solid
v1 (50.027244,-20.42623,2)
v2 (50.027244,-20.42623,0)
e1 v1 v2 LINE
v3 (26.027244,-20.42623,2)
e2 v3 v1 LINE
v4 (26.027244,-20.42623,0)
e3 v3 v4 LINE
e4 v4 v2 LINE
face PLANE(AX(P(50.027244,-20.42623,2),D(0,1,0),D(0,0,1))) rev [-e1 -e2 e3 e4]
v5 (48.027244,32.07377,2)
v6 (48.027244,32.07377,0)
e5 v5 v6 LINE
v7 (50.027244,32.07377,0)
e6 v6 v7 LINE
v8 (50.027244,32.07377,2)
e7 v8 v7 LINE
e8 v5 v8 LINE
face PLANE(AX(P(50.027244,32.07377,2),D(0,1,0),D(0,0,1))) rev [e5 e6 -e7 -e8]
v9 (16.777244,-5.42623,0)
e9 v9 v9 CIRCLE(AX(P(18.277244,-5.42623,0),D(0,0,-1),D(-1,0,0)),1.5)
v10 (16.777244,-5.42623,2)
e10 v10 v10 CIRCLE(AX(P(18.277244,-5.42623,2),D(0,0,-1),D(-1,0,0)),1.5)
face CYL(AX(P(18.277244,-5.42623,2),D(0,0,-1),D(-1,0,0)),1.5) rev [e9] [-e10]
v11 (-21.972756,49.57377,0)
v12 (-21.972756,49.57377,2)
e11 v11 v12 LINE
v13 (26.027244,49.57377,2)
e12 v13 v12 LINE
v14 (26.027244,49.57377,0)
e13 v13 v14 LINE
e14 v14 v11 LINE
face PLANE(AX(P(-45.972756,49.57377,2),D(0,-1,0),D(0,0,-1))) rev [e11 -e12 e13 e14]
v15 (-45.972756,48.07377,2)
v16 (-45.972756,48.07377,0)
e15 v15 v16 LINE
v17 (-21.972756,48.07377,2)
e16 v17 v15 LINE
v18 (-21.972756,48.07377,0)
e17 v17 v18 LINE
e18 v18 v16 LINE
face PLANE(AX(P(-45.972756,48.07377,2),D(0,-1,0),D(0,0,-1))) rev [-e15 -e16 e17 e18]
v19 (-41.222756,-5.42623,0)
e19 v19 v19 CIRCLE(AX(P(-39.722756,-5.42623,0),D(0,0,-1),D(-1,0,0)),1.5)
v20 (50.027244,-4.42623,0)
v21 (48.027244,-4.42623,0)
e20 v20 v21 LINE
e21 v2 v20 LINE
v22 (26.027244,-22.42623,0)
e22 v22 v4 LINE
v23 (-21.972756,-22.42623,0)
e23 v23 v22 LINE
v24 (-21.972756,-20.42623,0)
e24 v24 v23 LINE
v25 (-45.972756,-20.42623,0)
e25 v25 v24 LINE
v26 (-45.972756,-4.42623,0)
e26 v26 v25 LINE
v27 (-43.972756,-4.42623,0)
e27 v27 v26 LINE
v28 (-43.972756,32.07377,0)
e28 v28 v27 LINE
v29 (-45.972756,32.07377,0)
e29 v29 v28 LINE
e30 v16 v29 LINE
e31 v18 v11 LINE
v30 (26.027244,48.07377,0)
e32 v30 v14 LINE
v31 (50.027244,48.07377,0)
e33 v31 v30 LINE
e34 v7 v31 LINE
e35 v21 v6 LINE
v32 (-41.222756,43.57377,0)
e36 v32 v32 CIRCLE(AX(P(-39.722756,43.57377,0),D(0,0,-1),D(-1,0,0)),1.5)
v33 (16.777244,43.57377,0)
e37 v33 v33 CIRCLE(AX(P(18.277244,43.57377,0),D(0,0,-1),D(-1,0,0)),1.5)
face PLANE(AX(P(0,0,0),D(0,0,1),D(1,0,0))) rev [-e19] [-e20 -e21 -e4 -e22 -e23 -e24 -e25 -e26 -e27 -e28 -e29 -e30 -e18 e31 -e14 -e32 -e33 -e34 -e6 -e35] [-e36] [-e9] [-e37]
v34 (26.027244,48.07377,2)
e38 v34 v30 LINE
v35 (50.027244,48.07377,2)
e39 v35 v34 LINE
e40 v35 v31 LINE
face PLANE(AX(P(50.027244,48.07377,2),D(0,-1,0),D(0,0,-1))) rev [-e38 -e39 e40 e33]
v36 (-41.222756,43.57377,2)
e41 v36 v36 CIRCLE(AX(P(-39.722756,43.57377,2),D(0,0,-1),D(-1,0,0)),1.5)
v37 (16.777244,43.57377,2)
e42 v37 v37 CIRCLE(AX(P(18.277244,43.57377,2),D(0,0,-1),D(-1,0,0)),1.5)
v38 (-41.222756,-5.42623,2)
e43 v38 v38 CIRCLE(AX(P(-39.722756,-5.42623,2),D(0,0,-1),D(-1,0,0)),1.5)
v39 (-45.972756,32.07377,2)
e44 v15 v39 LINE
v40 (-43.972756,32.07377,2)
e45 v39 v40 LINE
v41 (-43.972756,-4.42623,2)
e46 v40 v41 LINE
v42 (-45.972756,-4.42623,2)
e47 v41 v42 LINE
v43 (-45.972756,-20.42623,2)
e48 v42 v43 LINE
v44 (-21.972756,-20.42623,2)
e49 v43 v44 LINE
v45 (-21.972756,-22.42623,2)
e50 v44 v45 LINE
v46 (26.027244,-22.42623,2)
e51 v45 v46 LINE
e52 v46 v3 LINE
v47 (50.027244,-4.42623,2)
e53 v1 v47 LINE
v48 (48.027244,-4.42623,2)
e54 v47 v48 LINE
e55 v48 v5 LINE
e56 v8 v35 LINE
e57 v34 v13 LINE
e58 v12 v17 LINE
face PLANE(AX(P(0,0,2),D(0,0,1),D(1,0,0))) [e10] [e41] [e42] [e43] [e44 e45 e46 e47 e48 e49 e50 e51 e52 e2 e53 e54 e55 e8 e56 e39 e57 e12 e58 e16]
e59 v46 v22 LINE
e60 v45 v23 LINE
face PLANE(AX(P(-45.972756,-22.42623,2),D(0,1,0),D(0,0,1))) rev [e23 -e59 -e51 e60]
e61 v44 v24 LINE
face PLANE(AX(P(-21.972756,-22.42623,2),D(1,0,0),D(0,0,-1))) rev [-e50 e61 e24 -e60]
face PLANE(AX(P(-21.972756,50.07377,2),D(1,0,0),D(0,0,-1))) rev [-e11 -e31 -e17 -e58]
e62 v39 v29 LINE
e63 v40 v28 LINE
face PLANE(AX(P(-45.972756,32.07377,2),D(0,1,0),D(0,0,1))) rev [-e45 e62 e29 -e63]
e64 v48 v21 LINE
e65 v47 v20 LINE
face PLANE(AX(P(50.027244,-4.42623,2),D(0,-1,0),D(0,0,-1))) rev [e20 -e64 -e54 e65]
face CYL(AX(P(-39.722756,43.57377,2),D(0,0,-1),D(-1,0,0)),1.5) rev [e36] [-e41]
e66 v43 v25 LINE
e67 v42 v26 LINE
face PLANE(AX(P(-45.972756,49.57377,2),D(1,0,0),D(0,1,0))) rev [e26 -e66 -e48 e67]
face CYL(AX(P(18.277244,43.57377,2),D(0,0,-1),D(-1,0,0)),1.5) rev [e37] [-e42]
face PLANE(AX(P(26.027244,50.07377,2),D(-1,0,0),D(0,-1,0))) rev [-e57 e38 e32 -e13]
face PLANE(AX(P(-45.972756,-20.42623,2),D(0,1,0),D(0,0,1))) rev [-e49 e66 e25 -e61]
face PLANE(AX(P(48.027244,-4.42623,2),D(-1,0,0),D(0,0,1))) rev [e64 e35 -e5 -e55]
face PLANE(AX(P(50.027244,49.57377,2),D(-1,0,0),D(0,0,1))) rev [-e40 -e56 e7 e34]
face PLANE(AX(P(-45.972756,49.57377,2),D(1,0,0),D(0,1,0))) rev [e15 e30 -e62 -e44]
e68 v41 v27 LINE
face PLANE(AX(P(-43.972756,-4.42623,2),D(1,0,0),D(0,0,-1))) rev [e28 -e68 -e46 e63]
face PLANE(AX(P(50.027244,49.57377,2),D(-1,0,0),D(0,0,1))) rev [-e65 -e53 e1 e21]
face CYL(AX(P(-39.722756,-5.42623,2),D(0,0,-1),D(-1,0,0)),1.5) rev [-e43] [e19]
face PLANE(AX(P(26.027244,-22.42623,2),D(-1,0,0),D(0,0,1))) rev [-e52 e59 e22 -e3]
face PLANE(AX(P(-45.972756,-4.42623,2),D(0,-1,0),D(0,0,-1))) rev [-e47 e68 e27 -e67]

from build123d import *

# Parameters (mm, degrees)
SKETCH_1_W          = 96
SKETCH_1_H          = 72
EXTRUDE_1_DEPTH     = 2
SKETCH_2_R          = 1.5
CUT_EXTRUDE_1_DEPTH = 3
SKETCH_3_W          = 24
SKETCH_3_H          = 2
CUT_EXTRUDE_2_DEPTH = 3
SKETCH_4_W          = 24
SKETCH_4_H          = 2
CUT_EXTRUDE_3_DEPTH = 3
SKETCH_5_W          = 2
SKETCH_5_H          = 36.5
CUT_EXTRUDE_4_DEPTH = 3
SKETCH_6_W          = 2
SKETCH_6_H          = 36.5
CUT_EXTRUDE_5_DEPTH = 3


with BuildPart() as part:
    # ｽｹｯﾁ1 → ﾎﾞｽ - 押し出し1 (new body)
    with BuildSketch(Plane.XY):
        with Locations((2.027244426, 13.573770492)):
            Rectangle(SKETCH_1_W, SKETCH_1_H)
    extrude(amount=EXTRUDE_1_DEPTH)

    # ｽｹｯﾁ2 → ｶｯﾄ - 押し出し1 (cut, through all)
    with BuildSketch(Plane(origin=(0, 0, 0), x_dir=(-1, 0, 0), z_dir=(0, 0, -1))):
        with Locations((-18.277244426, -5.426229508)):
            Circle(SKETCH_2_R)
        with Locations((-18.277244426, 43.573770492)):
            Circle(SKETCH_2_R)
        with Locations((39.722755574, -5.426229508)):
            Circle(SKETCH_2_R)
        with Locations((39.722755574, 43.573770492)):
            Circle(SKETCH_2_R)
    extrude(amount=-CUT_EXTRUDE_1_DEPTH, mode=Mode.SUBTRACT)

    # ｽｹｯﾁ3 → ｶｯﾄ - 押し出し2 (cut, through all)
    with BuildSketch(Plane(origin=(0, 0, 0), x_dir=(-1, 0, 0), z_dir=(0, 0, -1))):
        with Locations((33.972755574, -21.426229508)):
            Rectangle(SKETCH_3_W, SKETCH_3_H)
        with Locations((-38.027244426, -21.426229508)):
            Rectangle(SKETCH_3_W, SKETCH_3_H)
    extrude(amount=-CUT_EXTRUDE_2_DEPTH, mode=Mode.SUBTRACT)

    # ｽｹｯﾁ4 → ｶｯﾄ - 押し出し3 (cut, through all)
    with BuildSketch(Plane(origin=(0, 0, 0), x_dir=(-1, 0, 0), z_dir=(0, 0, -1))):
        with Locations((33.972755574, 49.073770492)):
            Rectangle(SKETCH_4_W, SKETCH_4_H)
        with Locations((-38.027244426, 49.073770492)):
            Rectangle(SKETCH_4_W, SKETCH_4_H)
    extrude(amount=-CUT_EXTRUDE_3_DEPTH, mode=Mode.SUBTRACT)

    # ｽｹｯﾁ5 → ｶｯﾄ - 押し出し4 (cut, through all)
    with BuildSketch(Plane(origin=(0, 0, 0), x_dir=(-1, 0, 0), z_dir=(0, 0, -1))):
        with Locations((44.972755574, 13.823770492)):
            Rectangle(SKETCH_5_W, SKETCH_5_H)
    extrude(amount=-CUT_EXTRUDE_4_DEPTH, mode=Mode.SUBTRACT)

    # ｽｹｯﾁ6 → ｶｯﾄ - 押し出し5 (cut, through all)
    with BuildSketch(Plane(origin=(0, 0, 0), x_dir=(-1, 0, 0), z_dir=(0, 0, -1))):
        with Locations((-49.027244426, 13.823770492)):
            Rectangle(SKETCH_6_W, SKETCH_6_H)
    extrude(amount=-CUT_EXTRUDE_5_DEPTH, mode=Mode.SUBTRACT)


solid = part.part
